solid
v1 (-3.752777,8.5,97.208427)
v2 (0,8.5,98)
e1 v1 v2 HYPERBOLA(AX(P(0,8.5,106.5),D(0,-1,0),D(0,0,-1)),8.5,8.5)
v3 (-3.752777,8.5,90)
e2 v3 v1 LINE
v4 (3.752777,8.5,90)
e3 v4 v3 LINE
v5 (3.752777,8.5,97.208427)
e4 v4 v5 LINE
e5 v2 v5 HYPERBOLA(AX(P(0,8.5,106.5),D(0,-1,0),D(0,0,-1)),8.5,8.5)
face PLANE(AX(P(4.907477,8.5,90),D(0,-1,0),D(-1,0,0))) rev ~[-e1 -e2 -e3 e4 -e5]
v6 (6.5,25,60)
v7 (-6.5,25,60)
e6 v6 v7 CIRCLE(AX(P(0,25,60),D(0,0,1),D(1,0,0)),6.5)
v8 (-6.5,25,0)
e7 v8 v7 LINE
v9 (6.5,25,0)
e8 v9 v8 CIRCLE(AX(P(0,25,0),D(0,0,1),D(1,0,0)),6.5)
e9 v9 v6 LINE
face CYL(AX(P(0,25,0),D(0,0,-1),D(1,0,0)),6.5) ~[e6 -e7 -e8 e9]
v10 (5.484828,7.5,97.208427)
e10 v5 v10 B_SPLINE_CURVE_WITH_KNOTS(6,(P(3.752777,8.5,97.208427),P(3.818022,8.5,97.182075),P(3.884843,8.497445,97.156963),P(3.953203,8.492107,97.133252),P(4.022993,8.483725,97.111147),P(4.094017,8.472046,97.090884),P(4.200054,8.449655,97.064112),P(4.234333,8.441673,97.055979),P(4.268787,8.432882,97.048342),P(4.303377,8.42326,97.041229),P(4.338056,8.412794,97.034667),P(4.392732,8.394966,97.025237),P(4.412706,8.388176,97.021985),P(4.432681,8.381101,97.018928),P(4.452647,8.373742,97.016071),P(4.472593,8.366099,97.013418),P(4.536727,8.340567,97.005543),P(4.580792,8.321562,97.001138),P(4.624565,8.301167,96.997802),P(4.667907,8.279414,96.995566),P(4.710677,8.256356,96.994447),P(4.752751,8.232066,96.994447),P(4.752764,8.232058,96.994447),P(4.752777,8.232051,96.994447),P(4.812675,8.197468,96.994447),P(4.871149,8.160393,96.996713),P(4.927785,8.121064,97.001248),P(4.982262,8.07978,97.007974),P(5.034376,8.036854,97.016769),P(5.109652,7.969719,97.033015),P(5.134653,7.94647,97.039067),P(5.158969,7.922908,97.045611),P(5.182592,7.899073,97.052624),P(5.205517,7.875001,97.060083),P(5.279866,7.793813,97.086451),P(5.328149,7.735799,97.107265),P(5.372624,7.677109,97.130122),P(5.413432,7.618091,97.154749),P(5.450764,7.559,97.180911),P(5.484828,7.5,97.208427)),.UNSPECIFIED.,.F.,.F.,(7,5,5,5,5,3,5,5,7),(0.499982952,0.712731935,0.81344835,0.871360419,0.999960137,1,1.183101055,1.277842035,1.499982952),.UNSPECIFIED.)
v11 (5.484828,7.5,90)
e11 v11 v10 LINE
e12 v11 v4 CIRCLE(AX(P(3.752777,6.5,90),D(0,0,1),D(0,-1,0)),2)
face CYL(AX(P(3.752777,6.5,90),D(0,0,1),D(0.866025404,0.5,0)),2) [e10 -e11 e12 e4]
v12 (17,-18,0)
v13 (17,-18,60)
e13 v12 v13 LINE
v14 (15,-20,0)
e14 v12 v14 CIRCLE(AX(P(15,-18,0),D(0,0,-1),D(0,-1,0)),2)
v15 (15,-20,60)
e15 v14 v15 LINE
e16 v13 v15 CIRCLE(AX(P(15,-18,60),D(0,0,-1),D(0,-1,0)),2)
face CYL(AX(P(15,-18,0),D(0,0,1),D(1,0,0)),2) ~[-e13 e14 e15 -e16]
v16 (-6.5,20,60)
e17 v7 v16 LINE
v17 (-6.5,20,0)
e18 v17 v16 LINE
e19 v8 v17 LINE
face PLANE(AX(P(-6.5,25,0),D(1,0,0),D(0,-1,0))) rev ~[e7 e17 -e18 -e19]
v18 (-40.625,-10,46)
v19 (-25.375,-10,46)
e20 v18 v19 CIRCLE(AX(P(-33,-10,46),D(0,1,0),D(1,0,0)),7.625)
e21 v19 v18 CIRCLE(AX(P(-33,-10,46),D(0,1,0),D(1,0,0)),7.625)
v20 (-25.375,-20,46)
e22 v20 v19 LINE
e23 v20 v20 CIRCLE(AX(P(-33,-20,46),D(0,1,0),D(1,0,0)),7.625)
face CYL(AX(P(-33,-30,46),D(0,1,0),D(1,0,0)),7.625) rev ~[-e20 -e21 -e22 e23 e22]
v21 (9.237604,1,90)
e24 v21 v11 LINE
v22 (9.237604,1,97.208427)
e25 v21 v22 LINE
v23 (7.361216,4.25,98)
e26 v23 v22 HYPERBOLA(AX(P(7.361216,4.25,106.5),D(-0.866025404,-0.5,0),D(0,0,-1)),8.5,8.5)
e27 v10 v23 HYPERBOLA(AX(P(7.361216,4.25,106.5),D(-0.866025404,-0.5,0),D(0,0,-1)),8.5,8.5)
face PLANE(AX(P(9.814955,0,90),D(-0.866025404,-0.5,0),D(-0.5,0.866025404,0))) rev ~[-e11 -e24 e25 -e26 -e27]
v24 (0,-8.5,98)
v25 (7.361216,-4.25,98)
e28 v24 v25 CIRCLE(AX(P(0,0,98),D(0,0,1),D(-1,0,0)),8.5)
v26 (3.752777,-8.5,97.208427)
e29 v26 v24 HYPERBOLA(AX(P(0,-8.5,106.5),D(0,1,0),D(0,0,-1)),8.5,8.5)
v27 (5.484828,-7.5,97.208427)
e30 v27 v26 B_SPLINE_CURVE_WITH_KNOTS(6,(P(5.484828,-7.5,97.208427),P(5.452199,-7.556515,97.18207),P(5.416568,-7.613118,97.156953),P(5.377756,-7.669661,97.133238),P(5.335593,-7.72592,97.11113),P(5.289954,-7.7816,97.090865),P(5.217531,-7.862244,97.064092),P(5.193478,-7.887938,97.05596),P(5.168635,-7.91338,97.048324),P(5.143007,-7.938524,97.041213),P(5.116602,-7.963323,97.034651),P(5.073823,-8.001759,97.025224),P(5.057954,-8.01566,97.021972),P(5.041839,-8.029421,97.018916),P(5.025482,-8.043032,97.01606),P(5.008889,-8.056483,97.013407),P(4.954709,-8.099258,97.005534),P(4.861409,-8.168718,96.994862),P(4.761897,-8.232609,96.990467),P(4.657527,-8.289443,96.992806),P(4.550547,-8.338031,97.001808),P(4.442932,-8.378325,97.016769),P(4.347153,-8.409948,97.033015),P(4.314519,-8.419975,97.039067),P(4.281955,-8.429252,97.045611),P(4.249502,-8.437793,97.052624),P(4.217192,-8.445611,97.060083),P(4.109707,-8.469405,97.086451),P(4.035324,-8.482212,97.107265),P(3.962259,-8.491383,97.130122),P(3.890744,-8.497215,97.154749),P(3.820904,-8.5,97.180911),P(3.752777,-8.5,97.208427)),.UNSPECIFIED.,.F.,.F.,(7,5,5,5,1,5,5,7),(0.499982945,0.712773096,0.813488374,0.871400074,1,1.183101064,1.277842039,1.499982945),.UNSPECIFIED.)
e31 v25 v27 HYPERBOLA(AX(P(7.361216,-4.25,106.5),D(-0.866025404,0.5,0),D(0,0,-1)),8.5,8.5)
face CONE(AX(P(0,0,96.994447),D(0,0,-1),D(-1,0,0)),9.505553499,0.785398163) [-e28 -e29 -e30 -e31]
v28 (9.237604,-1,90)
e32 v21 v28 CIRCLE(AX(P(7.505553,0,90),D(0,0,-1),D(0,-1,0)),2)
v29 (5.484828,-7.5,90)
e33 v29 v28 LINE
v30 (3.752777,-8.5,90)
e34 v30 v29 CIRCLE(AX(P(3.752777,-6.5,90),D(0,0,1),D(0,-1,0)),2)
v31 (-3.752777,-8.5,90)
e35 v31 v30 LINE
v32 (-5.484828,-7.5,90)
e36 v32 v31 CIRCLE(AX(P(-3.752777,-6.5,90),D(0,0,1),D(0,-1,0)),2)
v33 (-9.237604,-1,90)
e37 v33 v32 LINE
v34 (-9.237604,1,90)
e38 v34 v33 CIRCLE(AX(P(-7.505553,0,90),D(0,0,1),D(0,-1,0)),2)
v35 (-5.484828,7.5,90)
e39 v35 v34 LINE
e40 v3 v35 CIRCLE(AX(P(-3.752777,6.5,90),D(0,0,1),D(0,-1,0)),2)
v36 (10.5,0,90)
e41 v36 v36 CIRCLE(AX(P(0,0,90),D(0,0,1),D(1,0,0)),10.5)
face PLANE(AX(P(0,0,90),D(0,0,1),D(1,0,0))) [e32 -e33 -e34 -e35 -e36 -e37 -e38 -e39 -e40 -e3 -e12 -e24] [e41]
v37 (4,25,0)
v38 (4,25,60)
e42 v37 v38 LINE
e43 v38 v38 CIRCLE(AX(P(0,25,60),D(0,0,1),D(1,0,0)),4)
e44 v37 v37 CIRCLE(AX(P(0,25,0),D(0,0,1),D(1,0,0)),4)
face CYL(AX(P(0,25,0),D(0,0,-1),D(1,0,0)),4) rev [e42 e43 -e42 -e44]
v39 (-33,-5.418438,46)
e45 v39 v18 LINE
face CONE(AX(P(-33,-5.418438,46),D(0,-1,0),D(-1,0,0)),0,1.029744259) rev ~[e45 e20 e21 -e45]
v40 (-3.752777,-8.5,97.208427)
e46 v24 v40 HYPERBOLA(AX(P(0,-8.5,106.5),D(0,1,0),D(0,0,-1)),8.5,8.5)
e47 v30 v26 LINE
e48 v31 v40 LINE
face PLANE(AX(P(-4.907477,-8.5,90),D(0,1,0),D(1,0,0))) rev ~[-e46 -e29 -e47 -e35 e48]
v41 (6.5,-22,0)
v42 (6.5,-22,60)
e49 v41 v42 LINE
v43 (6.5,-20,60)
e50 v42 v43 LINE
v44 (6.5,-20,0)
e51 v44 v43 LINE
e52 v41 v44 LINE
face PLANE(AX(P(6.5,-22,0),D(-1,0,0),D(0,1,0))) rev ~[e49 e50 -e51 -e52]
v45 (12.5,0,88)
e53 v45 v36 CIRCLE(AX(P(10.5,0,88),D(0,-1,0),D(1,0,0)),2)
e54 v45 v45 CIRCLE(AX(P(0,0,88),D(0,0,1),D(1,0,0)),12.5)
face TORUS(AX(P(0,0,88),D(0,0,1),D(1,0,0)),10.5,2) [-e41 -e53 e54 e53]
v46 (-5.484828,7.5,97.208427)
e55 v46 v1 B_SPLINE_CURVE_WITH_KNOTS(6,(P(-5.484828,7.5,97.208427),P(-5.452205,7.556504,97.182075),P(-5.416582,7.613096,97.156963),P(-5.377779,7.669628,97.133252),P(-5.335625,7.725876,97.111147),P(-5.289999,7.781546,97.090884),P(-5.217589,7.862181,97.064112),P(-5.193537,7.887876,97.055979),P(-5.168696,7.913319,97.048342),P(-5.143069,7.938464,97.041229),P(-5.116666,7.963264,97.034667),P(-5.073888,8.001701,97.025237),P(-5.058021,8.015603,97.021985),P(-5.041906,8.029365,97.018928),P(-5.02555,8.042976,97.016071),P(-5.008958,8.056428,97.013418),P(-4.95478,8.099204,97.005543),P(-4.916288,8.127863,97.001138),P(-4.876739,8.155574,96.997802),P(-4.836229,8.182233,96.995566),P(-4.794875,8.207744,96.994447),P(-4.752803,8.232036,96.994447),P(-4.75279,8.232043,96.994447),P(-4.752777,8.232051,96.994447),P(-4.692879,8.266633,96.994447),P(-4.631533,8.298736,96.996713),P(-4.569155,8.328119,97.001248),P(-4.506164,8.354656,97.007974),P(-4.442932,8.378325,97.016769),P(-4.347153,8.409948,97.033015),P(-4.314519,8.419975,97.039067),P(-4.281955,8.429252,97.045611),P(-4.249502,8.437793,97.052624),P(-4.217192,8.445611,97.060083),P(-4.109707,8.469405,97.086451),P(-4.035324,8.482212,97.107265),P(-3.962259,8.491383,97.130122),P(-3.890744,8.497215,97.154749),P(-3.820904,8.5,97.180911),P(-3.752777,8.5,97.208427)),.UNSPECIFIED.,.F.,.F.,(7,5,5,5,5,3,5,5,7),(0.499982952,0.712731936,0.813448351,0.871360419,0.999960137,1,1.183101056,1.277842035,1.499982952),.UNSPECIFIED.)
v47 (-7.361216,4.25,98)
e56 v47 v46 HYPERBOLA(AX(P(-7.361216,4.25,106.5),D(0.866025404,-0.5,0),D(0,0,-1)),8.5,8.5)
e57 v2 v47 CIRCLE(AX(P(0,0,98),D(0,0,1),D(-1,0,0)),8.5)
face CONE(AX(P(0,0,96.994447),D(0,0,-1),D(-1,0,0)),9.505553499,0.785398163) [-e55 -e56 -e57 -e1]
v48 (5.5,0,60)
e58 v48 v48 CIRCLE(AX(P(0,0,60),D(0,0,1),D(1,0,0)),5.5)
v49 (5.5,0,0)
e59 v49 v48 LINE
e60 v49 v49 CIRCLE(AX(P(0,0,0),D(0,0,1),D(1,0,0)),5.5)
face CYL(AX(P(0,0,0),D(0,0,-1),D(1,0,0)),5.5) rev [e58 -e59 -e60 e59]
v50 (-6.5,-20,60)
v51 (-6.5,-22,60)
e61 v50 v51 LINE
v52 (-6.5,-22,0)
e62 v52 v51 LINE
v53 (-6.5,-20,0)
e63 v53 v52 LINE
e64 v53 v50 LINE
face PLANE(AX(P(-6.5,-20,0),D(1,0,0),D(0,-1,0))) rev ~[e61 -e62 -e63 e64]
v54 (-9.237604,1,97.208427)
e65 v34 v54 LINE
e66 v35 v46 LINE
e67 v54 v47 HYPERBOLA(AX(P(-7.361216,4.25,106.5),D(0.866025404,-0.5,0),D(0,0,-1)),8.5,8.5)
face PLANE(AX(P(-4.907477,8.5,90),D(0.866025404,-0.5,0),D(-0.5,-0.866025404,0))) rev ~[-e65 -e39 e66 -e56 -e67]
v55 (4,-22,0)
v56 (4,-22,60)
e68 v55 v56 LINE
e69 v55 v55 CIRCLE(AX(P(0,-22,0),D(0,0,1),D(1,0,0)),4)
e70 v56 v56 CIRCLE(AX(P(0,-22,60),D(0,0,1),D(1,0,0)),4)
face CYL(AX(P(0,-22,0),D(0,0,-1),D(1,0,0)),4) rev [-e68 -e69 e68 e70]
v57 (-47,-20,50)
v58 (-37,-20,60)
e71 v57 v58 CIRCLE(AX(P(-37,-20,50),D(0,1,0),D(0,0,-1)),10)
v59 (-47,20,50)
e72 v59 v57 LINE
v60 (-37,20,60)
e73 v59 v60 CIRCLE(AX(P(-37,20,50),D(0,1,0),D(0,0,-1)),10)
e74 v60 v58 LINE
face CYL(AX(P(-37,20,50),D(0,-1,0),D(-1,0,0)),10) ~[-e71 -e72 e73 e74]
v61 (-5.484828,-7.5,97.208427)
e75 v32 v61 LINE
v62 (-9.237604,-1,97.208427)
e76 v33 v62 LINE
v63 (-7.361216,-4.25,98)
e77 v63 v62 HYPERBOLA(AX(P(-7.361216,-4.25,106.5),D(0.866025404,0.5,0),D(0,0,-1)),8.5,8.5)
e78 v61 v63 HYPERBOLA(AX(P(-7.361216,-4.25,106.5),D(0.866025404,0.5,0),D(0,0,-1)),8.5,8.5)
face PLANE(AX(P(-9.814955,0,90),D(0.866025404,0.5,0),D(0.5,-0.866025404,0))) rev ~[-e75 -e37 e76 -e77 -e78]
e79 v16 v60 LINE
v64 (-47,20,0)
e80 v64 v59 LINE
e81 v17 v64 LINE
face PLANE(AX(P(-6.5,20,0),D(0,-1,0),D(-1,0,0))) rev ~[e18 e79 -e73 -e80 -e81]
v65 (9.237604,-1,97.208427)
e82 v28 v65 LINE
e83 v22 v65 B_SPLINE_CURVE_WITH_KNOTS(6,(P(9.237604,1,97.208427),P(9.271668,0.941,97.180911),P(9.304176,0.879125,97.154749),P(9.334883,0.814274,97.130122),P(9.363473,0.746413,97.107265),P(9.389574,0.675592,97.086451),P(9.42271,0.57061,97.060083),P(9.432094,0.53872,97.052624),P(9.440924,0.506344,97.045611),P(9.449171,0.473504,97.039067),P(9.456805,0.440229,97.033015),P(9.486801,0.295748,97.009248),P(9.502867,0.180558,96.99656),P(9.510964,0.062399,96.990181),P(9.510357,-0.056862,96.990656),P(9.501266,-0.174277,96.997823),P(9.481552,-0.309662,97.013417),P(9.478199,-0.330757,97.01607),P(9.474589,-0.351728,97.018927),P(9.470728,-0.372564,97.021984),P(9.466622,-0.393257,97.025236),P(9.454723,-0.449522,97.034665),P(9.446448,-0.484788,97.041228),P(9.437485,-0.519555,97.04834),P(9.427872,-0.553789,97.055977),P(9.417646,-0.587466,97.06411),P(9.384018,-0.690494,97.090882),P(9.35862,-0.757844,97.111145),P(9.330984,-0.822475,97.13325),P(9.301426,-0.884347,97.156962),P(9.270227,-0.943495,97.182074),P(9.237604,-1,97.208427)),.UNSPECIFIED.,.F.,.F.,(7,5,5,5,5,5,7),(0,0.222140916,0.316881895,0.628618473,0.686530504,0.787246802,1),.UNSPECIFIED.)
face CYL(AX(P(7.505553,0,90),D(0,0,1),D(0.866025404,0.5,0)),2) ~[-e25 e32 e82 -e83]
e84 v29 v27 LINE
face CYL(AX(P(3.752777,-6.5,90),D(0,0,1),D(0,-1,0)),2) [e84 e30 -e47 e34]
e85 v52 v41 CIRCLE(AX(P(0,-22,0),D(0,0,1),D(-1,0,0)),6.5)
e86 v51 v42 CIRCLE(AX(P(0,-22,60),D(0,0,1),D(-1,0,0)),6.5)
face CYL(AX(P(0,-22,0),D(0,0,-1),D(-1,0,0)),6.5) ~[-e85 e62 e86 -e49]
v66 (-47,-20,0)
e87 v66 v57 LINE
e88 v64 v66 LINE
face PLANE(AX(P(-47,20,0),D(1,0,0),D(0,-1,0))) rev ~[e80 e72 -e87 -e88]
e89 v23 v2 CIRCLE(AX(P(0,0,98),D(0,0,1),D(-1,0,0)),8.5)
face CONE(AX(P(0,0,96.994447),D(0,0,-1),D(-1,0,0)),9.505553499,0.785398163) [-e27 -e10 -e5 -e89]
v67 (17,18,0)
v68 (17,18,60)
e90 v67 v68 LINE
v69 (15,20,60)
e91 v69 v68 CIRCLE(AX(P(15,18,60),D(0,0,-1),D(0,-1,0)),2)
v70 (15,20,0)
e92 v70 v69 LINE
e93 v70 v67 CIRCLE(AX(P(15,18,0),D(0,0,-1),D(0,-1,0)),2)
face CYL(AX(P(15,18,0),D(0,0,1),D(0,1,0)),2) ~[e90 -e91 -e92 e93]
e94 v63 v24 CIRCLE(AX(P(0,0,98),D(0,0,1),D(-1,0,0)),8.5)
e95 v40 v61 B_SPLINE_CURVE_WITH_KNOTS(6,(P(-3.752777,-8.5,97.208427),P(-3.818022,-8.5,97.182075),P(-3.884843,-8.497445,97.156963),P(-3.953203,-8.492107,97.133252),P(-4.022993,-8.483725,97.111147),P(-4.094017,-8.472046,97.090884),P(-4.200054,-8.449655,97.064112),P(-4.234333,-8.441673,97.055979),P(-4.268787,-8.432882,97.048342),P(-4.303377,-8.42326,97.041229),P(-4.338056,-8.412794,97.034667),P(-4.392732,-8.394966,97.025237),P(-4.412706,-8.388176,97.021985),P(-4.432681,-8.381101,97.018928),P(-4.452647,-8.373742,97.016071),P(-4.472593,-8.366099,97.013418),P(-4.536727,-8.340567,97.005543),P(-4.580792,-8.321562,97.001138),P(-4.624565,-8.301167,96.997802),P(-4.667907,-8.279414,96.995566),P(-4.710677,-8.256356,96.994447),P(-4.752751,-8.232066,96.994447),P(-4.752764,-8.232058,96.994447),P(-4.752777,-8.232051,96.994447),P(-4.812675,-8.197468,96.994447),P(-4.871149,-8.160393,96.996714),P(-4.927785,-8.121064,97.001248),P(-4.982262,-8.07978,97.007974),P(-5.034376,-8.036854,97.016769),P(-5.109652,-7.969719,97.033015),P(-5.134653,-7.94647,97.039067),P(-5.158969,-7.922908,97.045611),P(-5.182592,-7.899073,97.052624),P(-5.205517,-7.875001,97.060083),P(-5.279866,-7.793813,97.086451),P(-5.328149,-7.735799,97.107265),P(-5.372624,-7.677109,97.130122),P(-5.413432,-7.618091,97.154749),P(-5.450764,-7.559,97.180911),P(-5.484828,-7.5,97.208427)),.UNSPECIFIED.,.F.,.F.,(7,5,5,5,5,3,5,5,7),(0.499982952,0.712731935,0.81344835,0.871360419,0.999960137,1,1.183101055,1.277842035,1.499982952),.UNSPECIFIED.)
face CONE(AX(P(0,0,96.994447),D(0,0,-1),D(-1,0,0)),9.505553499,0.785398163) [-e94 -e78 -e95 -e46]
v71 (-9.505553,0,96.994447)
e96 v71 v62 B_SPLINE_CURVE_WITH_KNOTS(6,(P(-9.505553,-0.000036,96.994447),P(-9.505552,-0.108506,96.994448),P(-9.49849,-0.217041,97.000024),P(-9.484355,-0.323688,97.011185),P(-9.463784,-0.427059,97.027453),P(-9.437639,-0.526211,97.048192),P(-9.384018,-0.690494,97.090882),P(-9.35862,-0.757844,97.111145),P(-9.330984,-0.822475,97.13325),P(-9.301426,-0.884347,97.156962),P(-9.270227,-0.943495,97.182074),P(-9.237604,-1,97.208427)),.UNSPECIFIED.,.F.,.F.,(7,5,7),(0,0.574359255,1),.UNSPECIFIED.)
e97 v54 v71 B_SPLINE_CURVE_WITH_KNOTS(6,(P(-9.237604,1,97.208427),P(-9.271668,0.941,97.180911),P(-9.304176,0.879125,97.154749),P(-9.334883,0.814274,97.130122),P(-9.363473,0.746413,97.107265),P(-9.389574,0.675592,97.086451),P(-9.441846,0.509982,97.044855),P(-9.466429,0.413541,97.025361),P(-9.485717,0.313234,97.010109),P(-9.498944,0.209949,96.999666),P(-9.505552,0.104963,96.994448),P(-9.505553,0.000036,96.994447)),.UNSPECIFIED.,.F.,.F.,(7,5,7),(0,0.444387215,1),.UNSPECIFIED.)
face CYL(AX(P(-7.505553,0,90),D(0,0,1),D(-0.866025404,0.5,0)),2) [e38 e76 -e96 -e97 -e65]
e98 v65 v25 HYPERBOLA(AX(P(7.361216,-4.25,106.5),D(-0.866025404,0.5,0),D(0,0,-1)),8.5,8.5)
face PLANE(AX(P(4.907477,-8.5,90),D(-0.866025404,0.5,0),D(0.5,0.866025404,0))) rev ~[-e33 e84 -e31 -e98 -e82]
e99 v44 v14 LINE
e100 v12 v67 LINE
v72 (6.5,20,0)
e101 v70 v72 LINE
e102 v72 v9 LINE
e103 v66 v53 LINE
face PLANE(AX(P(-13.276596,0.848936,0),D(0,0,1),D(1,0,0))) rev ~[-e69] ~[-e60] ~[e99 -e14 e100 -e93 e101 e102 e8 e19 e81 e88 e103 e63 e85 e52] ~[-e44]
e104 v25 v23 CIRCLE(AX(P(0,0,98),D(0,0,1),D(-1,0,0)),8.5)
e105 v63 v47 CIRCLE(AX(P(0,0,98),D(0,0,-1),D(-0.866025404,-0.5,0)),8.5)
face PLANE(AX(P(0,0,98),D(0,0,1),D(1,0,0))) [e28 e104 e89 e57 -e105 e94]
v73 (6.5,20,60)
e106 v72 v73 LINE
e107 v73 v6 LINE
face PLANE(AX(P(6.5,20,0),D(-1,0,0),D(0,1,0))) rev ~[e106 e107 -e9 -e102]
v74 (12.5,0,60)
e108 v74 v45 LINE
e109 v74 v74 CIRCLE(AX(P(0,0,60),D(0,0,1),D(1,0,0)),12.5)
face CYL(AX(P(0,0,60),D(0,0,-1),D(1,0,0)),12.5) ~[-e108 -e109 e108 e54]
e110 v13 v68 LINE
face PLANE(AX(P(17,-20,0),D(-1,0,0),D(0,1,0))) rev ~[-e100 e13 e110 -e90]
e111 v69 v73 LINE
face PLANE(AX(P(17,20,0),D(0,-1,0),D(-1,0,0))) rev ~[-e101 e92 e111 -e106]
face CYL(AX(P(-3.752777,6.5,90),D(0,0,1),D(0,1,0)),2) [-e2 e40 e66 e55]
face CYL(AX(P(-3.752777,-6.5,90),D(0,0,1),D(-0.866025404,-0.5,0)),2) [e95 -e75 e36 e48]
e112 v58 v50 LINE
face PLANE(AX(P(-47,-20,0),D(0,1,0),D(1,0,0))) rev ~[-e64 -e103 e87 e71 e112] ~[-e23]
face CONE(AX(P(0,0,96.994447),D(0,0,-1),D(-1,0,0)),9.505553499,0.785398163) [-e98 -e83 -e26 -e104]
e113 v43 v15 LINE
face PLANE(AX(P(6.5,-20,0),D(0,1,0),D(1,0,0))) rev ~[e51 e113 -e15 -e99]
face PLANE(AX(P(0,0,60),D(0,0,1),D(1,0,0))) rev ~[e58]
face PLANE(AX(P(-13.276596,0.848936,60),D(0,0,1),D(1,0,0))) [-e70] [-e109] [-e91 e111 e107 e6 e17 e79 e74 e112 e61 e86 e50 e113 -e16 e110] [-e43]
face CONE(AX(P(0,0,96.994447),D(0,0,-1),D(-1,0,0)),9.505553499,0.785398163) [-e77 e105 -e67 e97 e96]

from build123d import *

# Parameters (mm, degrees)
SKETCH_1_R               = 4
SKETCH_1_R_2             = 5.5
EXTRUDE_1_DEPTH          = 60
FILLET_1_R               = 10
SKETCH_2_R               = 12.5
EXTRUDE_2_DEPTH          = 30
HOLE_WIZARD_G3_8_1_D     = 15.25
HOLE_WIZARD_G3_8_1_DEPTH = 10
HOLE_WIZARD_G3_8_1_TIP   = 4.58156222
EXTRUDE_3_DEPTH          = 8
FILLET_2_R               = 2
FILLET_3_R               = 2


with BuildPart() as part:
    # 草图1 → 凸台-拉伸1 (new body)
    with BuildSketch(Plane.XY):
        with BuildLine():
            Line((-6.5, 25), (-6.5, 20))
            Line((-6.5, 20), (-47, 20))
            Line((-47, 20), (-47, -20))
            Line((-47, -20), (-6.5, -20))
            Line((-6.5, -20), (-6.5, -22))
            ThreePointArc((-6.5, -22), (0, -28.5), (6.5, -22))
            Line((6.5, -22), (6.5, -20))
            Line((6.5, -20), (17, -20))
            Line((17, -20), (17, 20))
            Line((17, 20), (6.5, 20))
            Line((6.5, 20), (6.5, 25))
            ThreePointArc((6.5, 25), (0, 31.5), (-6.5, 25))
        make_face()
        with Locations((0, 25)):
            Circle(SKETCH_1_R, mode=Mode.SUBTRACT)
        with Locations((0, -22)):
            Circle(SKETCH_1_R, mode=Mode.SUBTRACT)
        Circle(SKETCH_1_R_2, mode=Mode.SUBTRACT)
    extrude(amount=EXTRUDE_1_DEPTH)

    # 圆角1
    fillet_1_edges = [part.edges().sort_by_distance(p)[0] for p in [
        (-47, 0, 60),
    ]]
    fillet(fillet_1_edges, radius=FILLET_1_R)

    # 草图2 → 凸台-拉伸2 (add)
    with BuildSketch(Plane.XY.offset(60)):
        Circle(SKETCH_2_R)
    extrude(amount=EXTRUDE_2_DEPTH)

    # G3/8 螺纹孔1
    with Locations(Plane(origin=(0, -20, 0), x_dir=(-1, 0, 0), z_dir=(0, -1, 0))):
        with Locations((33, -46)):
            Hole(HOLE_WIZARD_G3_8_1_D / 2, depth=HOLE_WIZARD_G3_8_1_DEPTH)
            with Locations((0, 0, -(HOLE_WIZARD_G3_8_1_DEPTH + HOLE_WIZARD_G3_8_1_TIP / 2))):  # 118° drill point
                Cone(0, HOLE_WIZARD_G3_8_1_D / 2, HOLE_WIZARD_G3_8_1_TIP, mode=Mode.SUBTRACT)

    # 草图6 → 凸台-拉伸3 (add)
    with BuildSketch(Plane.XY.offset(90)):
        Polygon((9.814954576, 0), (4.907477288, 8.5), (-4.907477288, 8.5), (-9.814954576, 0), (-4.907477288, -8.5), (4.907477288, -8.5), align=None)
    extrude(amount=EXTRUDE_3_DEPTH)

    # 圆角2
    fillet_2_edges = [part.edges().sort_by_distance(p)[0] for p in [
        (17, 20, 30),
        (17, -20, 30),
        (-12.5, 0, 90),
    ]]
    fillet(fillet_2_edges, radius=FILLET_2_R)

    # 圆角3
    fillet_3_edges = [part.edges().sort_by_distance(p)[0] for p in [
        (4.907477288, -8.5, 94),
        (9.814954576, 0, 94),
        (4.907477288, 8.5, 94),
        (-4.907477288, 8.5, 94),
        (-9.814954576, 0, 94),
        (-4.907477288, -8.5, 94),
    ]]
    fillet(fillet_3_edges, radius=FILLET_3_R)

    # 草图7 → 切除-旋转1 (revolve, cut)
    with BuildSketch(Plane(origin=(0, 0, 0), x_dir=(1, 0, 0), z_dir=(0, 1, 0))):
        Polygon((-9.505553499, -96.994446501), (-8.5, -98), (-9.505553499, -98), align=None)
    revolve(axis=Axis((0, 0, -9.70684158), (0, 0, 1)), mode=Mode.SUBTRACT)


solid = part.part
